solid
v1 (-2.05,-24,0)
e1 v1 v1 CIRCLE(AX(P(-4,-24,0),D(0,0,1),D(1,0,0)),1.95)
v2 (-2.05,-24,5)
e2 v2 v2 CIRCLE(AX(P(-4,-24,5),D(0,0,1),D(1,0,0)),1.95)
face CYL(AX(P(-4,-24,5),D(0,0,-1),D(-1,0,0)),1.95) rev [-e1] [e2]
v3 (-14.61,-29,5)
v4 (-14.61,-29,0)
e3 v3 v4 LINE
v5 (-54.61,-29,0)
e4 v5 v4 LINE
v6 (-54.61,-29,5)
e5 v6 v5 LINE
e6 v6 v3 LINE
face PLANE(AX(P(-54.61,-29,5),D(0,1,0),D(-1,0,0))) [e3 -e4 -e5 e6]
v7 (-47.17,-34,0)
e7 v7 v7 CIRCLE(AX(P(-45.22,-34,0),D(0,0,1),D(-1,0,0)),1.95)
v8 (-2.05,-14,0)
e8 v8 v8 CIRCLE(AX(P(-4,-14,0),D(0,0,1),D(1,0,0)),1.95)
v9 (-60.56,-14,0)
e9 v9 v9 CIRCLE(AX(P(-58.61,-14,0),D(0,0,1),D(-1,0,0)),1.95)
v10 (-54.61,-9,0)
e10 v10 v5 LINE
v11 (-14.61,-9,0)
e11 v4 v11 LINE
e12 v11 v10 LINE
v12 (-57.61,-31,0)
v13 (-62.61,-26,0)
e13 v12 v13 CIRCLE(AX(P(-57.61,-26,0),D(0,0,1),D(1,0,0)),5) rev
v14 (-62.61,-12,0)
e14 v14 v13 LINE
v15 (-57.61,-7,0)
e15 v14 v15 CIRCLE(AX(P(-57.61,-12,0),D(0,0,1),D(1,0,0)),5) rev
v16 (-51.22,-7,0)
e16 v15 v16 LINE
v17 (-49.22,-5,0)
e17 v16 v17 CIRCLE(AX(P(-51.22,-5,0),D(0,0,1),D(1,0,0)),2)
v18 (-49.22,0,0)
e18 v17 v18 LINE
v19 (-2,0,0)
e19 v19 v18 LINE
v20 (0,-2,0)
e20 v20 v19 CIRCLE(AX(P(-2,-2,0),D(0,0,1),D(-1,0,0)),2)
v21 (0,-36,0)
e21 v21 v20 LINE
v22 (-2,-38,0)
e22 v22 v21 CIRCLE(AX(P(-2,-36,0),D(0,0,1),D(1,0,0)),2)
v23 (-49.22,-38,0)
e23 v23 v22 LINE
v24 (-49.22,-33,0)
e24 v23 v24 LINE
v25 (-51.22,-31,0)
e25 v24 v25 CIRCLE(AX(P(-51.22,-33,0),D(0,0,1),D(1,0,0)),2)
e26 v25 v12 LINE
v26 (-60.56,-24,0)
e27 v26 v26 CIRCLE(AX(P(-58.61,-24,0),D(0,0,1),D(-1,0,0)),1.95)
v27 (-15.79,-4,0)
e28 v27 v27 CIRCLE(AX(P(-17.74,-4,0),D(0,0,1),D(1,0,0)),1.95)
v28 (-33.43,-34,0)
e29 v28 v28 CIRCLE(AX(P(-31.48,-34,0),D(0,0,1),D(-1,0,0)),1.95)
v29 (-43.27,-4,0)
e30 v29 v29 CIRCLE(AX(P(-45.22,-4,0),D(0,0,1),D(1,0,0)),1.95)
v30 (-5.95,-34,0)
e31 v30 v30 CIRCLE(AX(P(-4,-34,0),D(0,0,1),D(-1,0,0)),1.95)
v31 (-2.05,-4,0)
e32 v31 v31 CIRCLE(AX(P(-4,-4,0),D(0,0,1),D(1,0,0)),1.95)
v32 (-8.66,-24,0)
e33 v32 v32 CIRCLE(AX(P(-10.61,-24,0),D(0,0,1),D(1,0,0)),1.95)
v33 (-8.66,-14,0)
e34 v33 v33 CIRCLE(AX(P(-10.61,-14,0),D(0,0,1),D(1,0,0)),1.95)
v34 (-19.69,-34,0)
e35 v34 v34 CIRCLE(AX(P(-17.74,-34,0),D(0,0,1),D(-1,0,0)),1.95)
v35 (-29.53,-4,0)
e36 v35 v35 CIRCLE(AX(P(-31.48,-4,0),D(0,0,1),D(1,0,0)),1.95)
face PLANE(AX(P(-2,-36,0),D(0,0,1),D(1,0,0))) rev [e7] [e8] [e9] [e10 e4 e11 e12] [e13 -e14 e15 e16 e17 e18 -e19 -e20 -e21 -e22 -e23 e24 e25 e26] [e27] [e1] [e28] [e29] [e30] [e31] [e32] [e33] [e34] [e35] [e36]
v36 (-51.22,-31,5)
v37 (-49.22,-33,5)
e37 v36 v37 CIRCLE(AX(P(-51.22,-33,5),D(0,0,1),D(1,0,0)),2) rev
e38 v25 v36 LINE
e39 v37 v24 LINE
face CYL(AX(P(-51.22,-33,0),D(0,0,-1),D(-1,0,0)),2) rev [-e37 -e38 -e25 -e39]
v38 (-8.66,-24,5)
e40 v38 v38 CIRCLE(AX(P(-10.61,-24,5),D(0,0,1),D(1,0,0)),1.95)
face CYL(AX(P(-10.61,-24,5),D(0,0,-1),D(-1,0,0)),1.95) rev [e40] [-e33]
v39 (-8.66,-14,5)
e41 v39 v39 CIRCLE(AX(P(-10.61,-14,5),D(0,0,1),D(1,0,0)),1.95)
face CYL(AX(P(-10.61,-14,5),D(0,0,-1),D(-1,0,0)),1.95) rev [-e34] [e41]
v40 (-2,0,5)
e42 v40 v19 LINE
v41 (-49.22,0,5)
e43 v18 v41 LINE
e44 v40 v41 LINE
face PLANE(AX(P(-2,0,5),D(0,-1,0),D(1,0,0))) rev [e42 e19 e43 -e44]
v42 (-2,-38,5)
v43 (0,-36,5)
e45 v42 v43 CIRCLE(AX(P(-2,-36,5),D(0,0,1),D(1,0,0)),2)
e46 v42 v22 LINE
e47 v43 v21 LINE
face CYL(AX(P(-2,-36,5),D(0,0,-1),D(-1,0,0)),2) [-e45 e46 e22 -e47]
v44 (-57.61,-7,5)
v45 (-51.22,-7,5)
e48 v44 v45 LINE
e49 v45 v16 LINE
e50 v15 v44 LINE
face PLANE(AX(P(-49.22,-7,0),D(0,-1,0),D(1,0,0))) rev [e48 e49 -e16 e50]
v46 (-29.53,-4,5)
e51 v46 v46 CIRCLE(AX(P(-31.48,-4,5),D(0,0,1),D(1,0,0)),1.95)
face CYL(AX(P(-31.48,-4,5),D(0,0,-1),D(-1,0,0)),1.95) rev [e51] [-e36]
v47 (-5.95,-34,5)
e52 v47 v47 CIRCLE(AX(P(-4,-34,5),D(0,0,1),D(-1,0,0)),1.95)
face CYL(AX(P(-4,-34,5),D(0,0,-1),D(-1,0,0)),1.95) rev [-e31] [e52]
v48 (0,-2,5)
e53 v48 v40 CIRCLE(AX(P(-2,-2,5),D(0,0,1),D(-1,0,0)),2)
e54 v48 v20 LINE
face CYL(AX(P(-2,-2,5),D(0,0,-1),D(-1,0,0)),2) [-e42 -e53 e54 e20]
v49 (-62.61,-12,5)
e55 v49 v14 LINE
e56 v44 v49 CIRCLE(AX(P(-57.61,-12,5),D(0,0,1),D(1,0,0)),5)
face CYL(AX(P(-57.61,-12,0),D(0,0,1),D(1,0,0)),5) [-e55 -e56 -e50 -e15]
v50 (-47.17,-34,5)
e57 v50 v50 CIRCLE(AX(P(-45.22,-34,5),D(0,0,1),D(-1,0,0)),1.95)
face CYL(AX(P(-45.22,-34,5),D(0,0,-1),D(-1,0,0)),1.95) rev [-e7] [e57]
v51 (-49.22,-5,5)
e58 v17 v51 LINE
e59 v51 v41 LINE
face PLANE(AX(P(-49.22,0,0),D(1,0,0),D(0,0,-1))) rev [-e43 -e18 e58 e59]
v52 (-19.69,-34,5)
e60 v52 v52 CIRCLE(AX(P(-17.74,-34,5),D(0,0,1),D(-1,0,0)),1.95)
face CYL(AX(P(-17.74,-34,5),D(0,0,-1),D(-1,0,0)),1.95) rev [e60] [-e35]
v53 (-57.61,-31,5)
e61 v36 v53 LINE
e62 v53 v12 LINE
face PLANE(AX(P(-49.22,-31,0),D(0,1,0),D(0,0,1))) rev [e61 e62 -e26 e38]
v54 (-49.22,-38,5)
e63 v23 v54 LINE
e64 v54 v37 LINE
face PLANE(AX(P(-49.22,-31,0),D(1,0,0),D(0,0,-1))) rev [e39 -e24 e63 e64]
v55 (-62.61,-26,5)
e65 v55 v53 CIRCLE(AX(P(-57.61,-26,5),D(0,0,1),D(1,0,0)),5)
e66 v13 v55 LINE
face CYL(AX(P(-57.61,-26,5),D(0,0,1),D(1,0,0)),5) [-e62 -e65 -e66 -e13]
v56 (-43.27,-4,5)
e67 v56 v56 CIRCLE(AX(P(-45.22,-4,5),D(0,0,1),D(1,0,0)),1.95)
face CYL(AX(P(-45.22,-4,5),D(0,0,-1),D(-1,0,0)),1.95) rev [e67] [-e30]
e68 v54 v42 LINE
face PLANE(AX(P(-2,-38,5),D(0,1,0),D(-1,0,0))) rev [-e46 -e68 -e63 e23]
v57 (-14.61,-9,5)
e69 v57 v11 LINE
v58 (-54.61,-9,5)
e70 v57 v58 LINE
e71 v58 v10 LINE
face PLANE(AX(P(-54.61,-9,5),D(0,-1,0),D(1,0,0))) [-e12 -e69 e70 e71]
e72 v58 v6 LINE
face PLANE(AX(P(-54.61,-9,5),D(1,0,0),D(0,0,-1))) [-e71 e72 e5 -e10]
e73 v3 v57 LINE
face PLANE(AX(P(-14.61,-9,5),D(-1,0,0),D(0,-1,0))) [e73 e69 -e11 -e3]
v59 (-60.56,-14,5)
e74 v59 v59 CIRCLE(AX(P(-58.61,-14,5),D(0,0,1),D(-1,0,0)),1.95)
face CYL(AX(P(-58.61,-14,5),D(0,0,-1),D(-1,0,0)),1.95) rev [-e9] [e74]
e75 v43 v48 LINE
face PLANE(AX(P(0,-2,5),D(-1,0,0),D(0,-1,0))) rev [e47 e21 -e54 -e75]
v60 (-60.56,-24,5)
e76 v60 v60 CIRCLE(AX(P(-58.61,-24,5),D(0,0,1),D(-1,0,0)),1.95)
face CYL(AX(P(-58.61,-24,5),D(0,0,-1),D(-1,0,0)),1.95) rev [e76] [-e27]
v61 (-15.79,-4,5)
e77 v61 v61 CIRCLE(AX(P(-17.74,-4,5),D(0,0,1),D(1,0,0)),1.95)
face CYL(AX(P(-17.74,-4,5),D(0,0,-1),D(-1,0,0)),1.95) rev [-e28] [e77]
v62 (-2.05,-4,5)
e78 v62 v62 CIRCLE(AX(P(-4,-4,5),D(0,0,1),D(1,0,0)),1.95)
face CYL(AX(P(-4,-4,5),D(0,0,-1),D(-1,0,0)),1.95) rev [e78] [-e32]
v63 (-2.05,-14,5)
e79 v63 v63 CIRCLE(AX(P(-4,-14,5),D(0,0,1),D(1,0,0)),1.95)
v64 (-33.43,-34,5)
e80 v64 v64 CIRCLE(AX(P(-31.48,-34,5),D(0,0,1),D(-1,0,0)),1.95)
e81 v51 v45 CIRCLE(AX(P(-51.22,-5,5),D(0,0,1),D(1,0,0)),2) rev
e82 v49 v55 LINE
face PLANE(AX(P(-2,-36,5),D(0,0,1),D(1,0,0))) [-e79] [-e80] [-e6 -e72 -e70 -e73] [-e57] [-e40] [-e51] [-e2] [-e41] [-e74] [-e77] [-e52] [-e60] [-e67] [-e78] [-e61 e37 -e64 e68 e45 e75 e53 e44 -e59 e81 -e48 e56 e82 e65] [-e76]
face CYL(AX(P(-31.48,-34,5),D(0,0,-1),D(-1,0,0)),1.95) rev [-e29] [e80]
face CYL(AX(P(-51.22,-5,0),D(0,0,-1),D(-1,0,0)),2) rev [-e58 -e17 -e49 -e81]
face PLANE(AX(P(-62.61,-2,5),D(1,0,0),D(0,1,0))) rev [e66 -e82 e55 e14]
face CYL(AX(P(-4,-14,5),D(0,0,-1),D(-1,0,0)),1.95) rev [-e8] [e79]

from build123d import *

# Parameters (mm, degrees)
SKETCH1_R           = 1.95
SKETCH1_W           = 40
SKETCH1_H           = 20
BOSS_EXTRUDE1_DEPTH = 5
SKETCH2_W           = 13.39
SKETCH2_H           = 7
CUT_EXTRUDE2_DEPTH  = 6
FILLET1_R           = 2
FILLET2_R           = 5


with BuildPart() as part:
    # Sketch1 → Boss-Extrude1 (new body)
    with BuildSketch(Plane.XY):
        with BuildLine():
            Line((-2, 0), (-60.61, 0))
            ThreePointArc((-60.61, 0), (-62.024213562, -0.585786438), (-62.61, -2))
            Line((-62.61, -2), (-62.61, -36))
            ThreePointArc((-62.61, -36), (-62.024213562, -37.414213562), (-60.61, -38))
            Line((-60.61, -38), (-2, -38))
            ThreePointArc((-2, -38), (-0.585786438, -37.414213562), (0, -36))
            Line((0, -36), (0, -2))
            ThreePointArc((0, -2), (-0.585786438, -0.585786438), (-2, 0))
        make_face()
        with Locations((-10.61, -14)):
            Circle(SKETCH1_R, mode=Mode.SUBTRACT)
        with Locations((-10.61, -24)):
            Circle(SKETCH1_R, mode=Mode.SUBTRACT)
        with Locations((-58.61, -24)):
            Circle(SKETCH1_R, mode=Mode.SUBTRACT)
        with Locations((-58.61, -14)):
            Circle(SKETCH1_R, mode=Mode.SUBTRACT)
        with Locations((-45.22, -4)):
            Circle(SKETCH1_R, mode=Mode.SUBTRACT)
        with Locations((-4, -4)):
            Circle(SKETCH1_R, mode=Mode.SUBTRACT)
        with Locations((-4, -14)):
            Circle(SKETCH1_R, mode=Mode.SUBTRACT)
        with Locations((-58.61, -4)):
            Circle(SKETCH1_R, mode=Mode.SUBTRACT)
        with Locations((-31.48, -4)):
            Circle(SKETCH1_R, mode=Mode.SUBTRACT)
        with Locations((-17.74, -4)):
            Circle(SKETCH1_R, mode=Mode.SUBTRACT)
        with Locations((-45.22, -34)):
            Circle(SKETCH1_R, mode=Mode.SUBTRACT)
        with Locations((-58.61, -34)):
            Circle(SKETCH1_R, mode=Mode.SUBTRACT)
        with Locations((-4, -34)):
            Circle(SKETCH1_R, mode=Mode.SUBTRACT)
        with Locations((-17.74, -34)):
            Circle(SKETCH1_R, mode=Mode.SUBTRACT)
        with Locations((-31.48, -34)):
            Circle(SKETCH1_R, mode=Mode.SUBTRACT)
        with Locations((-4, -24)):
            Circle(SKETCH1_R, mode=Mode.SUBTRACT)
        with Locations((-34.61, -19)):
            Rectangle(SKETCH1_W, SKETCH1_H, mode=Mode.SUBTRACT)
    extrude(amount=BOSS_EXTRUDE1_DEPTH)

    # Sketch2 → Cut-Extrude2 (cut, through all)
    with BuildSketch(Plane.XY.offset(5)):
        with Locations((-55.915, -3.5)):
            Rectangle(SKETCH2_W, SKETCH2_H)
        with Locations((-55.915, -34.5)):
            Rectangle(SKETCH2_W, SKETCH2_H)
    extrude(amount=-CUT_EXTRUDE2_DEPTH, mode=Mode.SUBTRACT)

    # Fillet1
    fillet1_edges = [part.edges().sort_by_distance(p)[0] for p in [
        (-49.22, -7, 2.5),
        (-49.22, -31, 2.5),
    ]]
    fillet(fillet1_edges, radius=FILLET1_R)

    # Fillet2
    fillet2_edges = [part.edges().sort_by_distance(p)[0] for p in [
        (-62.61, -7, 2.5),
        (-62.61, -31, 2.5),
    ]]
    fillet(fillet2_edges, radius=FILLET2_R)


solid = part.part
